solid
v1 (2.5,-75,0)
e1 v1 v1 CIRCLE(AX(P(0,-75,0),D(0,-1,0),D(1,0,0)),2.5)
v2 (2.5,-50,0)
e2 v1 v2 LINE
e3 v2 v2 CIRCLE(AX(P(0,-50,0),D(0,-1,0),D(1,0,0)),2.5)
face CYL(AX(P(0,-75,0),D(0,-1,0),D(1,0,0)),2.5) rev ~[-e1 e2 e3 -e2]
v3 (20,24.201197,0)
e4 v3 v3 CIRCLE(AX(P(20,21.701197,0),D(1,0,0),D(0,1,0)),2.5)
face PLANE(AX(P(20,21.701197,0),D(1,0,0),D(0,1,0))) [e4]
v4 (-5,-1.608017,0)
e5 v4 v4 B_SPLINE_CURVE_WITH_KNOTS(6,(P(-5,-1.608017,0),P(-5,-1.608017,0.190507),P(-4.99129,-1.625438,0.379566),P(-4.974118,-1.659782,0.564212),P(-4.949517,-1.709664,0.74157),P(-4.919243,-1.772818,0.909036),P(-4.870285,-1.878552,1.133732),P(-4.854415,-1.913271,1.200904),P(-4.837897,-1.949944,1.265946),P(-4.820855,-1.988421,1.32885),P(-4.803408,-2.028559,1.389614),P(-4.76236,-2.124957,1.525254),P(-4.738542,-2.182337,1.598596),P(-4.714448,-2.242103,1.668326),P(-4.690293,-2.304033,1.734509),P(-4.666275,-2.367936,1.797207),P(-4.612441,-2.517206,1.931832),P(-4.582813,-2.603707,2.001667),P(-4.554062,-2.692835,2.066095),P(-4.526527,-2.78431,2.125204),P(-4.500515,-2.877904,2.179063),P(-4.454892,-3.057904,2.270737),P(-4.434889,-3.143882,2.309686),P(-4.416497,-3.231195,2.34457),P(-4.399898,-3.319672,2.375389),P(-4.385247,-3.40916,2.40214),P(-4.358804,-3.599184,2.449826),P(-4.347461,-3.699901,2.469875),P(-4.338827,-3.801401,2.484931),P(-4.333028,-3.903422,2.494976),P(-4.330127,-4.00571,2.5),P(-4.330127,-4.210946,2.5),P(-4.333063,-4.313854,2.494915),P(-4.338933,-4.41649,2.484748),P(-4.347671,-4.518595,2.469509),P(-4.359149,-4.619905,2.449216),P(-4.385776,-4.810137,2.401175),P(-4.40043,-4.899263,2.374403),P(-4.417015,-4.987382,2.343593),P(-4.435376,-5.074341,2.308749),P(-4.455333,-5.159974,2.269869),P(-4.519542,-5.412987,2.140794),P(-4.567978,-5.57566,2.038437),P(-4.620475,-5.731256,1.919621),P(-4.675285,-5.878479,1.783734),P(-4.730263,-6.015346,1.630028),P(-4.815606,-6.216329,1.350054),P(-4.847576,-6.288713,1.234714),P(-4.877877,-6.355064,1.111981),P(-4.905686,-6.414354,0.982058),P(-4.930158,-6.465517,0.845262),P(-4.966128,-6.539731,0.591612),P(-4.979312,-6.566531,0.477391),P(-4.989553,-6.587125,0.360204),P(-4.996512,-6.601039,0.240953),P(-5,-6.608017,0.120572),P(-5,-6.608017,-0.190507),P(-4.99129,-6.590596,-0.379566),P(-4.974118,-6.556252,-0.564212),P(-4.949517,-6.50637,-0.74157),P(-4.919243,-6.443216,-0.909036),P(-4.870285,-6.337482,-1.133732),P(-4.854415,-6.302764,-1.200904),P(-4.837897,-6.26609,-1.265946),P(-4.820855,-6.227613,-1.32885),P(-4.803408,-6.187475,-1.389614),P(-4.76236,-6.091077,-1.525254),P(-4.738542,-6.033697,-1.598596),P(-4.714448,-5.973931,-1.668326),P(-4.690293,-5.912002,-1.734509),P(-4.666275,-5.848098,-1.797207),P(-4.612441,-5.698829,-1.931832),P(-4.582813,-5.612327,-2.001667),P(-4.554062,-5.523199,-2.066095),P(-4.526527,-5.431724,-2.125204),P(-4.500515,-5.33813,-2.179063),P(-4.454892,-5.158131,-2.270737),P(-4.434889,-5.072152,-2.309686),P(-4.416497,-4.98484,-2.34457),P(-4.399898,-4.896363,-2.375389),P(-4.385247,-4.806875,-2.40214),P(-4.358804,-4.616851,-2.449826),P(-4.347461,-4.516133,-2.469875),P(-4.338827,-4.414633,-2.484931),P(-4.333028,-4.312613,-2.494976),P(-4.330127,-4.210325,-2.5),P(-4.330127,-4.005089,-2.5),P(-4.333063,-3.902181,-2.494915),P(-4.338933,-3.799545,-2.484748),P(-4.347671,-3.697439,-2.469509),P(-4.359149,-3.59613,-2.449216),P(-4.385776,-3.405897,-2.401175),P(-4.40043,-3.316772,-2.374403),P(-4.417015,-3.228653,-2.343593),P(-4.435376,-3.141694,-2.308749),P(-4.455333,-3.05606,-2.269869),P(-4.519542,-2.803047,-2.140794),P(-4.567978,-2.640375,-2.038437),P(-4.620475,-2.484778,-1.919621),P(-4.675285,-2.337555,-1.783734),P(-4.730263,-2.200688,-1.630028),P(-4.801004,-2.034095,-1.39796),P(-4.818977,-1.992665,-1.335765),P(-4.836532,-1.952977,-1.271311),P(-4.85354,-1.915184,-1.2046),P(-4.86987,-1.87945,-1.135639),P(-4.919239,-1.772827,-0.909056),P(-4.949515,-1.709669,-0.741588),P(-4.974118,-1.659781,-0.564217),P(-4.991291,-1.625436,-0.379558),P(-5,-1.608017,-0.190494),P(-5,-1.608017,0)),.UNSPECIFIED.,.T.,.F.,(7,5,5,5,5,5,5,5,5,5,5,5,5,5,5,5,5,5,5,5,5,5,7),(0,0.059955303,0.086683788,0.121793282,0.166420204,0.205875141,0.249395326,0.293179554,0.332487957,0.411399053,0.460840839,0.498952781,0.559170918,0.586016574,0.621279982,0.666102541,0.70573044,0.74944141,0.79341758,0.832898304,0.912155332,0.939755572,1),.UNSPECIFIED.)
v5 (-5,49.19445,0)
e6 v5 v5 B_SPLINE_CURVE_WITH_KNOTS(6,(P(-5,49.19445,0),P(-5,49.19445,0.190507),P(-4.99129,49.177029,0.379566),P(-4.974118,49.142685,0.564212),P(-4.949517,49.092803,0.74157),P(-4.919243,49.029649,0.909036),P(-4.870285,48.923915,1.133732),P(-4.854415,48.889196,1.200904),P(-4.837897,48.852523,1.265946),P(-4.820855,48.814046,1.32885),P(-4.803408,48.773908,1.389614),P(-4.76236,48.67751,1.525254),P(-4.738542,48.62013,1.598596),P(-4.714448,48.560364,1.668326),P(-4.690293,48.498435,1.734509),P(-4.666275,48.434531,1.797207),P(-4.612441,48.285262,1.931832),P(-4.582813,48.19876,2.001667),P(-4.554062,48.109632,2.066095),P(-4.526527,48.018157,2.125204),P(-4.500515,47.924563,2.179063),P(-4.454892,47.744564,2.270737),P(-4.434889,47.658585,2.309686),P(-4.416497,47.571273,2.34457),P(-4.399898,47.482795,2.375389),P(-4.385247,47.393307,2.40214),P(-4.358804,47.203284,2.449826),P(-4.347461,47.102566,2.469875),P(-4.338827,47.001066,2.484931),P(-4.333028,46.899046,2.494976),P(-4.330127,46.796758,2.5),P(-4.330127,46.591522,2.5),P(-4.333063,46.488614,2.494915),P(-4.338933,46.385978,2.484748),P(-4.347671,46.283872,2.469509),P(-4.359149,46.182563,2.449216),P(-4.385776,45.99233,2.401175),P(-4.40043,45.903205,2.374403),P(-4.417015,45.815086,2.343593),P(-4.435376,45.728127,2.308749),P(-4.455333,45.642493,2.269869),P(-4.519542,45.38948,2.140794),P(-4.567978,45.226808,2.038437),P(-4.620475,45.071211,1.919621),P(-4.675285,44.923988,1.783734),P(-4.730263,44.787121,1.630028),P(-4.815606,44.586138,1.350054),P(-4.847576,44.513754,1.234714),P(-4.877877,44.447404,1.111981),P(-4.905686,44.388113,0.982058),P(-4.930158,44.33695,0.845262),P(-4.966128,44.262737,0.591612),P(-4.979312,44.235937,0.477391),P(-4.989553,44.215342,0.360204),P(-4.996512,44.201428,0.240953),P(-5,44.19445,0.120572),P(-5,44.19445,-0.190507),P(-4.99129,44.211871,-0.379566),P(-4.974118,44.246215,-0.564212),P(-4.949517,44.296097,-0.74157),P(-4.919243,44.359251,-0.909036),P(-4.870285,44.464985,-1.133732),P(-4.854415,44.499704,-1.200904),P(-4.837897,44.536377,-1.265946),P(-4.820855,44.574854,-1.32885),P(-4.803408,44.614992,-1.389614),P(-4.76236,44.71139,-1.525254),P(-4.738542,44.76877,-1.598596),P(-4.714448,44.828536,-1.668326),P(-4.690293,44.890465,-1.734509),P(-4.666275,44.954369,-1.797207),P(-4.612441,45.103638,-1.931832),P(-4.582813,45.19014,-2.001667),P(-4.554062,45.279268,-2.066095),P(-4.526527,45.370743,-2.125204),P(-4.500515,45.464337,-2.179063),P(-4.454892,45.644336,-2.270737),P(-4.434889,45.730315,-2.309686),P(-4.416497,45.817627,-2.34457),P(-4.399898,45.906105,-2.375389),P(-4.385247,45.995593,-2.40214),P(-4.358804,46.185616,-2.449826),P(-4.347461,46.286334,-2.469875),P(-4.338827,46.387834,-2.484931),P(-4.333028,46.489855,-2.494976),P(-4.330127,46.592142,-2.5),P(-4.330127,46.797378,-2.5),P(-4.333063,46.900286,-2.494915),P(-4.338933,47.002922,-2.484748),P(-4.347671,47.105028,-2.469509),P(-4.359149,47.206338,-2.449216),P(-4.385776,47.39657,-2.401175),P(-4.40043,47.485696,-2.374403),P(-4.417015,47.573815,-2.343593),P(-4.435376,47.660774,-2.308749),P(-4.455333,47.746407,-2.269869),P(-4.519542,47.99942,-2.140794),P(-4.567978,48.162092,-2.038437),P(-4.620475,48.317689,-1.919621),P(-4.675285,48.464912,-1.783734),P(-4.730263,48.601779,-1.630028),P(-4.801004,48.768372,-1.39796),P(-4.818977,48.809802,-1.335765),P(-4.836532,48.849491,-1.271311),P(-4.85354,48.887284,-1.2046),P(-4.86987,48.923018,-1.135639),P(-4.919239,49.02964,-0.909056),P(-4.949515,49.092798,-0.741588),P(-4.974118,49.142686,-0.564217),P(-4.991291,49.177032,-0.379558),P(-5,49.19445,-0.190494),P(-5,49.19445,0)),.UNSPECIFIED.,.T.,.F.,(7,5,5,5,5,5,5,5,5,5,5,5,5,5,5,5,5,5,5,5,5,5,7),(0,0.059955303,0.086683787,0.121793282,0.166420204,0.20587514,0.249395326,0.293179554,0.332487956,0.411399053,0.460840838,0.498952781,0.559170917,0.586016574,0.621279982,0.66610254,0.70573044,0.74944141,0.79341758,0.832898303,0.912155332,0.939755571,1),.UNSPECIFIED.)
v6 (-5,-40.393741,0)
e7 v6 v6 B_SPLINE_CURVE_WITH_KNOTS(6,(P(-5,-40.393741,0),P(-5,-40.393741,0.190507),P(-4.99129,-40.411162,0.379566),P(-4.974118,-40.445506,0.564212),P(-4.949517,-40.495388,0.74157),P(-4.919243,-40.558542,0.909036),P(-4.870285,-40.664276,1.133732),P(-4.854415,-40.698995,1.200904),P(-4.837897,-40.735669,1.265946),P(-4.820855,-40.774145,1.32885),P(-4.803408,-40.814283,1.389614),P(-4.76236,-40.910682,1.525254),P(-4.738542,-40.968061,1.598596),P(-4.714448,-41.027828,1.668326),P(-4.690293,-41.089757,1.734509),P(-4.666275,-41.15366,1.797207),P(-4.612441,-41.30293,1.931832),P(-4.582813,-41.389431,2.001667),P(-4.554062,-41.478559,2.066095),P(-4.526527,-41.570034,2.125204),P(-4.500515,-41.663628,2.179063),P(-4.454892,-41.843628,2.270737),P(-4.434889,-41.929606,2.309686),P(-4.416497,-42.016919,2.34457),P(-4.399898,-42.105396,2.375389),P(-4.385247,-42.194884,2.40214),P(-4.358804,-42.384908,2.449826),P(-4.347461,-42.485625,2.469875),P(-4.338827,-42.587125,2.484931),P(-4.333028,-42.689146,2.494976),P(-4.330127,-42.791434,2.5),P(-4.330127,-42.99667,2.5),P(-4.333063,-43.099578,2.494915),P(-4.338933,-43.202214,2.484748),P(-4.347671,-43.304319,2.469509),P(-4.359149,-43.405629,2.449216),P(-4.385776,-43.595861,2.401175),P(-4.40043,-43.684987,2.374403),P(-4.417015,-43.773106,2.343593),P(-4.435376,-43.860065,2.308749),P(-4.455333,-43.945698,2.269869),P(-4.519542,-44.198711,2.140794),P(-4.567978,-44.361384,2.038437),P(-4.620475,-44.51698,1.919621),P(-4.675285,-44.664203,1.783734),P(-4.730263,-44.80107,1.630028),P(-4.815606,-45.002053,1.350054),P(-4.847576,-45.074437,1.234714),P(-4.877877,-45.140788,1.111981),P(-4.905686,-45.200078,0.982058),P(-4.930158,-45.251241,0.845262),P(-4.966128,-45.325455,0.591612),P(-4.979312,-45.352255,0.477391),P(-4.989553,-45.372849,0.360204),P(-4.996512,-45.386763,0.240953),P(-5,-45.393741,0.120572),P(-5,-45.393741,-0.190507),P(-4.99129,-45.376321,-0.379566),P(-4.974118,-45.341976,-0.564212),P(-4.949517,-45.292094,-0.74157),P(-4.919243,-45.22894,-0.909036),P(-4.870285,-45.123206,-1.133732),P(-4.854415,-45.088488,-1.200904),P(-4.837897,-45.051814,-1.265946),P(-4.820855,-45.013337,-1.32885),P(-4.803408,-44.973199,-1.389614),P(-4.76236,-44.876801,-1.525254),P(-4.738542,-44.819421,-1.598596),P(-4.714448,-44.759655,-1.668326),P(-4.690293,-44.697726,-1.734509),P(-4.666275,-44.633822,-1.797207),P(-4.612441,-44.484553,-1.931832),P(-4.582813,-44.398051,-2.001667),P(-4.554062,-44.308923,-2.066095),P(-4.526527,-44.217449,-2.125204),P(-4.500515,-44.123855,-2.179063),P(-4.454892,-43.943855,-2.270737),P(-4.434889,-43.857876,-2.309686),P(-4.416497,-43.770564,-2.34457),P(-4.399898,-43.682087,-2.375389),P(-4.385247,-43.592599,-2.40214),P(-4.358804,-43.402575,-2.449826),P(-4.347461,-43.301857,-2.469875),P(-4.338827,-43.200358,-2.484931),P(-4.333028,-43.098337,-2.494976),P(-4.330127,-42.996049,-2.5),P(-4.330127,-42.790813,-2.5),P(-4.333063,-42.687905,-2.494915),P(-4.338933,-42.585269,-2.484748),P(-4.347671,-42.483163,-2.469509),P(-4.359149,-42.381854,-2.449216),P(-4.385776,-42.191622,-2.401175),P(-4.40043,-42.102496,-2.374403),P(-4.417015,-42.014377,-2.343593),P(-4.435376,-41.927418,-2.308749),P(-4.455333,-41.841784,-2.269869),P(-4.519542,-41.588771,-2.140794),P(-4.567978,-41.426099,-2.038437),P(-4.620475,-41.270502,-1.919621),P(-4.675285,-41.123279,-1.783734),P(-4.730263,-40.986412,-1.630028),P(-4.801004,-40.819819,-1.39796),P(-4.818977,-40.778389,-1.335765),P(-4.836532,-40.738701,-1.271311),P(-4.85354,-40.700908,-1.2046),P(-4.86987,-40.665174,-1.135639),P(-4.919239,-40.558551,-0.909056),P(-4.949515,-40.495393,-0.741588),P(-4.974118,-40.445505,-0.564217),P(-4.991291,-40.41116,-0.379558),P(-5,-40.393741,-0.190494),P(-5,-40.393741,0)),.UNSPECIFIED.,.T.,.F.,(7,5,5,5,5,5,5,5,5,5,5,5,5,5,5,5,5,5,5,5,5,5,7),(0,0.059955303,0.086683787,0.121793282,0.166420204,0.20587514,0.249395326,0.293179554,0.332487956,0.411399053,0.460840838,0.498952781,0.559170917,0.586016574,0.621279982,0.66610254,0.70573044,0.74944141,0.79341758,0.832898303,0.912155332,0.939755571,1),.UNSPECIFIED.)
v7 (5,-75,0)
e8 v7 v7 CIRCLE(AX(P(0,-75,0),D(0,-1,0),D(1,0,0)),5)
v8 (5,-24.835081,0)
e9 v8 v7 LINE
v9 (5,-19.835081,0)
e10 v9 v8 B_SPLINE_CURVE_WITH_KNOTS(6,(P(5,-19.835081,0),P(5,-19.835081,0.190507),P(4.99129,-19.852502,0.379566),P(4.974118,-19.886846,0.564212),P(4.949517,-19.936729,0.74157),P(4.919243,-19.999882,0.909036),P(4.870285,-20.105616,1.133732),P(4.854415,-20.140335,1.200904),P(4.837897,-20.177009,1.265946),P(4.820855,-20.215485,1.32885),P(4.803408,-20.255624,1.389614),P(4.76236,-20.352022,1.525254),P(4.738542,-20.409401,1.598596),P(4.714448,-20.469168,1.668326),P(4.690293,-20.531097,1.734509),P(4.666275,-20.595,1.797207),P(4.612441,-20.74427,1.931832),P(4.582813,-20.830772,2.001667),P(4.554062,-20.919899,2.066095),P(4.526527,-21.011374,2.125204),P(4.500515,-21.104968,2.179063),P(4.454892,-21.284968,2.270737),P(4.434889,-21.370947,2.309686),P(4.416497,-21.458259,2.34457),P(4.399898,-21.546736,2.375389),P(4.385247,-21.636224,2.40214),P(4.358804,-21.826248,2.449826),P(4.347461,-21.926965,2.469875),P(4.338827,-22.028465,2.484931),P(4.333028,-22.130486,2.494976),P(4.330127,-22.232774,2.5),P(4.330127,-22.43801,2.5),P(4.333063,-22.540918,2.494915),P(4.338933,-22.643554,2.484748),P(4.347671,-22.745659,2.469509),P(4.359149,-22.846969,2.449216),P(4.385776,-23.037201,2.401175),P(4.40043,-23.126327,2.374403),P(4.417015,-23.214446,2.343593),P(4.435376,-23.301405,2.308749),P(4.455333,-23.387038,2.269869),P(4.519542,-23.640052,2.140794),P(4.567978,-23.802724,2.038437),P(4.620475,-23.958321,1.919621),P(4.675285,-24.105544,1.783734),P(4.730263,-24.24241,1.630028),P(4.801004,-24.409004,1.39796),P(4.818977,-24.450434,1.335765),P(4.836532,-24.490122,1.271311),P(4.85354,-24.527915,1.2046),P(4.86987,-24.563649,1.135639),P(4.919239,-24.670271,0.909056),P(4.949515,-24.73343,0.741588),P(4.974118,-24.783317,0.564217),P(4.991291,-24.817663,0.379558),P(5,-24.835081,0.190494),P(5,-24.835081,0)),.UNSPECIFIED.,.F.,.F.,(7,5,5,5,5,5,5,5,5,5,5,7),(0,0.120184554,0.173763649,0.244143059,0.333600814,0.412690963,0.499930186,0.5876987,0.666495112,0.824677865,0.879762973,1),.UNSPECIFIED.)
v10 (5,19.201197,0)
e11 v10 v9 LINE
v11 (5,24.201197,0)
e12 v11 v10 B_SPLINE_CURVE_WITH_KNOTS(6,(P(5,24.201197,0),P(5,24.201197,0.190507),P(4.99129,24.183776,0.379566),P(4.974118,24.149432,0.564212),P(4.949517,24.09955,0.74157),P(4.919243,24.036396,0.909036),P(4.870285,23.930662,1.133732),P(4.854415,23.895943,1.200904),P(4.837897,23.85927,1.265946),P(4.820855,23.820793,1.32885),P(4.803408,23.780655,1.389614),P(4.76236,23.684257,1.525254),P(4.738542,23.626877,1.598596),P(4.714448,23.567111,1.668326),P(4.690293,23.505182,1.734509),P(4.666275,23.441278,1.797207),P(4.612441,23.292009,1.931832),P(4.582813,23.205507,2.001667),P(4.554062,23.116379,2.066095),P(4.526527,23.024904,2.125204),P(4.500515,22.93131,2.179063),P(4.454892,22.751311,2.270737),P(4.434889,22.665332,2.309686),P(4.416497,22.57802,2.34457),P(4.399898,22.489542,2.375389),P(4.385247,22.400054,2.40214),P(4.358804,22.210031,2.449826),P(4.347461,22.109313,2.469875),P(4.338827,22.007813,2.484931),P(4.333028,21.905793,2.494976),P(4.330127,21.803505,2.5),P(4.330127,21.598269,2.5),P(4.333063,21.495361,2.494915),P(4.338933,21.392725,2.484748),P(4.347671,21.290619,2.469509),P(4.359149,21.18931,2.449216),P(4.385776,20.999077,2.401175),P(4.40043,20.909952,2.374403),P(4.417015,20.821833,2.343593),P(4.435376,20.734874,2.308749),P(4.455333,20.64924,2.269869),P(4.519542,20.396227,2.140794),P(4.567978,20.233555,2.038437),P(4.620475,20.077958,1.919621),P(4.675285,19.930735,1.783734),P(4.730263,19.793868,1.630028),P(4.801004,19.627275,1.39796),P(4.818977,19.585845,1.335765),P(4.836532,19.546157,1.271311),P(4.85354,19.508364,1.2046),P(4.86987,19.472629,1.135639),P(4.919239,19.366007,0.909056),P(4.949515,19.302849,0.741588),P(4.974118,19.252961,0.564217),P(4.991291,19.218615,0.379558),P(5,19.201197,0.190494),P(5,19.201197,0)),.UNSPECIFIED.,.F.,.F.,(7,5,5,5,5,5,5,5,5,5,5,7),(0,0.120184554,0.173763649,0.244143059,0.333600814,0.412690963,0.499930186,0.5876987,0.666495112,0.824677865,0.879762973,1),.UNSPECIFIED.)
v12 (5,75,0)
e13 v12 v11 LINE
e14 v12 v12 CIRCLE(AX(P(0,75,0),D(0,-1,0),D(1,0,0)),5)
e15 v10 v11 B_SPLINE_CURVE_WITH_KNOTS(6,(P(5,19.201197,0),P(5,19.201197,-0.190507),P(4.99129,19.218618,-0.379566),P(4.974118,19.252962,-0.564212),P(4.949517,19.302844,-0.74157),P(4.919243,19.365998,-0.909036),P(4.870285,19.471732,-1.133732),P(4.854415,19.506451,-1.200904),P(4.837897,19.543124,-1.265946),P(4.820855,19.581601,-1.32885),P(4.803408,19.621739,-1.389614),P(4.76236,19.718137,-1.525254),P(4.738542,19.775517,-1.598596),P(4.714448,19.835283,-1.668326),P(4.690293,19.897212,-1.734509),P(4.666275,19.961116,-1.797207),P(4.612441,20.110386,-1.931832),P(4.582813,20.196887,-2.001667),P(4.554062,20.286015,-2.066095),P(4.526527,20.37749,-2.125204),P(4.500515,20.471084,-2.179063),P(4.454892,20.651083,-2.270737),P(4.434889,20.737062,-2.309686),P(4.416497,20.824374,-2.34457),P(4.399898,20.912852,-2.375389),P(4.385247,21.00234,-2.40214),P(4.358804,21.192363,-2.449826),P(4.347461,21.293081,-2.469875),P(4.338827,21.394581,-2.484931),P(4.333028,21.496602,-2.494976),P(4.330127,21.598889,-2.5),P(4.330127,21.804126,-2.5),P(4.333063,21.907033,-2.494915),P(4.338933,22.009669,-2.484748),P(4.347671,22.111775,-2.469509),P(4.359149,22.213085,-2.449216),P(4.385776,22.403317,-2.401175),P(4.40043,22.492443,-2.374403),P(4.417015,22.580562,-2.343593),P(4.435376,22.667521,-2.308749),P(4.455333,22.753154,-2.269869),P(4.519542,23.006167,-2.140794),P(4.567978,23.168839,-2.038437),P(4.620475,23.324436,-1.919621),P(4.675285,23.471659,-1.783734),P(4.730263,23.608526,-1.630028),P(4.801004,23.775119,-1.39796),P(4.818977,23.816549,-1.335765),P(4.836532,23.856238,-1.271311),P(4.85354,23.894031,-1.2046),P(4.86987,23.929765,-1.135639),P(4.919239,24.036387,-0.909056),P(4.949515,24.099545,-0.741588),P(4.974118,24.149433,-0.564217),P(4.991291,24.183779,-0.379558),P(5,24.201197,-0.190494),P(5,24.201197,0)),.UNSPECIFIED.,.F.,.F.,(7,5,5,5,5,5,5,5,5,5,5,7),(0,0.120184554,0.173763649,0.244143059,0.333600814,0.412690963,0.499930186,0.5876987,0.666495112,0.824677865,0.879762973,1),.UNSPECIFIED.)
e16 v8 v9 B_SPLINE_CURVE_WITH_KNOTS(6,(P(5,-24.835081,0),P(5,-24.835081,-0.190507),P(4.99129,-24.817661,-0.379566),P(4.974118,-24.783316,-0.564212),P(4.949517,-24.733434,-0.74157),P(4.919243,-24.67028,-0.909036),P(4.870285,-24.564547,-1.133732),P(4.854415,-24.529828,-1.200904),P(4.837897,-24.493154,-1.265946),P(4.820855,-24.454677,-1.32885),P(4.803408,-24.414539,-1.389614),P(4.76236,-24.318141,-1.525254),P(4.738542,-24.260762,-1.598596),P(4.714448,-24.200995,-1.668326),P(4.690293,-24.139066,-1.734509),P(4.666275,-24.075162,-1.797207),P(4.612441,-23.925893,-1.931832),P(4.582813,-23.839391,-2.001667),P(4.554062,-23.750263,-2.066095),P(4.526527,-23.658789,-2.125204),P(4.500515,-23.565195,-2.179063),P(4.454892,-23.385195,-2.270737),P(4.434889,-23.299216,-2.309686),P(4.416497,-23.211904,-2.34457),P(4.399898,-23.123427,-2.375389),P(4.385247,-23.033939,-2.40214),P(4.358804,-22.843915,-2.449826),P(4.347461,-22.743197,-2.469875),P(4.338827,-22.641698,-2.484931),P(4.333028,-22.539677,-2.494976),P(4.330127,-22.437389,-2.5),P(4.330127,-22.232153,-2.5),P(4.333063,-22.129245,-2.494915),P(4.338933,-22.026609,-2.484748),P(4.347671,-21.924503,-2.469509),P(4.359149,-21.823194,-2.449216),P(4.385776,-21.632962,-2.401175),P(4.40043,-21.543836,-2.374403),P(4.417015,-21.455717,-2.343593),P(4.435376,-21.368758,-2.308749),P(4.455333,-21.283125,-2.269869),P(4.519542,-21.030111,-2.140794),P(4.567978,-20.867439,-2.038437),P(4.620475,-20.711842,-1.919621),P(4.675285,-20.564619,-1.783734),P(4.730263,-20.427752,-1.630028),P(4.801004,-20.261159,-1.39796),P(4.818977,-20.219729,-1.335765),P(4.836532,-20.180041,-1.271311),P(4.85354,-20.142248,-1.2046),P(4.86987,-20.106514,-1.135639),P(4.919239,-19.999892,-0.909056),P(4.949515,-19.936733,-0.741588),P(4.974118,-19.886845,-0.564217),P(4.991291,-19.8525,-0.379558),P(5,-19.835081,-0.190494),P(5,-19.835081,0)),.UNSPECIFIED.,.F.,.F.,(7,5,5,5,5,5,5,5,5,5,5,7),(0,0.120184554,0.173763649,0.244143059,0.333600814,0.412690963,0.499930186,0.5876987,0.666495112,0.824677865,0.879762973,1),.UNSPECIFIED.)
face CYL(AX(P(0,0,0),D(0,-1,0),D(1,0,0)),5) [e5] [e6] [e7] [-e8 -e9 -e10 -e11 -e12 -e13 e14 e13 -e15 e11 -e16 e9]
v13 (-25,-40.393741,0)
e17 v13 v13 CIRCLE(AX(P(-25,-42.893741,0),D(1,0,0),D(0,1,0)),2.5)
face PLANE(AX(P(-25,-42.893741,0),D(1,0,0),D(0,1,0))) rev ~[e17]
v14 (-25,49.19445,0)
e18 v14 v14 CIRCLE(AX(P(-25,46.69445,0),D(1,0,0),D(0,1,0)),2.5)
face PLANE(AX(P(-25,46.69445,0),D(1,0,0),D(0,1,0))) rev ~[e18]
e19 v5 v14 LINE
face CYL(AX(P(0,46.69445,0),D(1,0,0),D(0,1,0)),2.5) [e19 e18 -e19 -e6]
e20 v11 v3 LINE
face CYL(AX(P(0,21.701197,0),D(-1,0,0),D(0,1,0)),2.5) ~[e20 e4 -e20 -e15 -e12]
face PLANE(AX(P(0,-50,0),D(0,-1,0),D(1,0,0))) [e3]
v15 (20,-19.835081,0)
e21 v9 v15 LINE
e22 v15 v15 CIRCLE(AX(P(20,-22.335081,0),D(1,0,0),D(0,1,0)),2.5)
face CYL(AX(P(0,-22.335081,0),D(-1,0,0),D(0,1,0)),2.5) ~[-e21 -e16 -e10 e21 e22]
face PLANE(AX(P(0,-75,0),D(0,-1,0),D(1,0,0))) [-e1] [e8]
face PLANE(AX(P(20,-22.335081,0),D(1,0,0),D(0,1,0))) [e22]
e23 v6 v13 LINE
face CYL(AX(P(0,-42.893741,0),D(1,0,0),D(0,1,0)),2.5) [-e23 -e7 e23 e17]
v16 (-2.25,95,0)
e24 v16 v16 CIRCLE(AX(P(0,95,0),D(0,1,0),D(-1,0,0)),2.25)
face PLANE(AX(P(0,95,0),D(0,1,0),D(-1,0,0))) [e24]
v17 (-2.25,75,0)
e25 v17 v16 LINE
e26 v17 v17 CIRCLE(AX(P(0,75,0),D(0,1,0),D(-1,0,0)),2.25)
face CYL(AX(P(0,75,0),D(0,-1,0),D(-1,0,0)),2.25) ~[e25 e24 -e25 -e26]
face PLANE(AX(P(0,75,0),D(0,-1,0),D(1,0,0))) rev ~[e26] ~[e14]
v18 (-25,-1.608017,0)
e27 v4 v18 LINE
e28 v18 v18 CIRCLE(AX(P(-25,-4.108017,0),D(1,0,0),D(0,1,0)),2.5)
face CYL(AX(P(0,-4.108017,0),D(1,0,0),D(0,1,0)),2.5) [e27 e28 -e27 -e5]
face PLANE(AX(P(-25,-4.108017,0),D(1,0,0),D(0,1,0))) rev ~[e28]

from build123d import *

# Parameters (mm, degrees)
F0_R     = 5
F1_DEPTH = 75
F2_R     = 2.5
F3_DEPTH = 25
F4_R     = 2.5
F5_DEPTH = 20
F6_R     = 2.25
F7_DEPTH = 20
F8_R     = 2.5
F9_DEPTH = 25


with BuildPart() as f1:
    # F0 (on Front) → F1 (new body, symmetric)
    with BuildSketch(Plane.XZ):
        Circle(F0_R)
    extrude(amount=F1_DEPTH, both=True)

    # F2 (on face) → F3 (cut)
    with BuildSketch(Plane.XZ.offset(75)):
        Circle(F2_R)
    extrude(amount=-F3_DEPTH, mode=Mode.SUBTRACT)

    # F4 (on Right) → F5 (join)
    with BuildSketch(Plane.YZ):
        with Locations((21.7011971159, 0)):
            Circle(F4_R)
        with Locations((-22.3350814088, 0)):
            Circle(F4_R)
    extrude(amount=F5_DEPTH)

    # F6 (on face) → F7 (join)
    with BuildSketch(Plane(origin=(0, 75, 0), x_dir=(-1, 0, 0), z_dir=(0, 1, 0))):
        Circle(F6_R)
    extrude(amount=F7_DEPTH)

    # F8 (on Right) → F9 (join)
    with BuildSketch(Plane.YZ):
        with Locations((46.6944500804, 0)):
            Circle(F8_R)
        with Locations((-4.1080172062, 0)):
            Circle(F8_R)
        with Locations((-42.8937412798, 0)):
            Circle(F8_R)
    extrude(amount=-F9_DEPTH)


solid = f1.part
